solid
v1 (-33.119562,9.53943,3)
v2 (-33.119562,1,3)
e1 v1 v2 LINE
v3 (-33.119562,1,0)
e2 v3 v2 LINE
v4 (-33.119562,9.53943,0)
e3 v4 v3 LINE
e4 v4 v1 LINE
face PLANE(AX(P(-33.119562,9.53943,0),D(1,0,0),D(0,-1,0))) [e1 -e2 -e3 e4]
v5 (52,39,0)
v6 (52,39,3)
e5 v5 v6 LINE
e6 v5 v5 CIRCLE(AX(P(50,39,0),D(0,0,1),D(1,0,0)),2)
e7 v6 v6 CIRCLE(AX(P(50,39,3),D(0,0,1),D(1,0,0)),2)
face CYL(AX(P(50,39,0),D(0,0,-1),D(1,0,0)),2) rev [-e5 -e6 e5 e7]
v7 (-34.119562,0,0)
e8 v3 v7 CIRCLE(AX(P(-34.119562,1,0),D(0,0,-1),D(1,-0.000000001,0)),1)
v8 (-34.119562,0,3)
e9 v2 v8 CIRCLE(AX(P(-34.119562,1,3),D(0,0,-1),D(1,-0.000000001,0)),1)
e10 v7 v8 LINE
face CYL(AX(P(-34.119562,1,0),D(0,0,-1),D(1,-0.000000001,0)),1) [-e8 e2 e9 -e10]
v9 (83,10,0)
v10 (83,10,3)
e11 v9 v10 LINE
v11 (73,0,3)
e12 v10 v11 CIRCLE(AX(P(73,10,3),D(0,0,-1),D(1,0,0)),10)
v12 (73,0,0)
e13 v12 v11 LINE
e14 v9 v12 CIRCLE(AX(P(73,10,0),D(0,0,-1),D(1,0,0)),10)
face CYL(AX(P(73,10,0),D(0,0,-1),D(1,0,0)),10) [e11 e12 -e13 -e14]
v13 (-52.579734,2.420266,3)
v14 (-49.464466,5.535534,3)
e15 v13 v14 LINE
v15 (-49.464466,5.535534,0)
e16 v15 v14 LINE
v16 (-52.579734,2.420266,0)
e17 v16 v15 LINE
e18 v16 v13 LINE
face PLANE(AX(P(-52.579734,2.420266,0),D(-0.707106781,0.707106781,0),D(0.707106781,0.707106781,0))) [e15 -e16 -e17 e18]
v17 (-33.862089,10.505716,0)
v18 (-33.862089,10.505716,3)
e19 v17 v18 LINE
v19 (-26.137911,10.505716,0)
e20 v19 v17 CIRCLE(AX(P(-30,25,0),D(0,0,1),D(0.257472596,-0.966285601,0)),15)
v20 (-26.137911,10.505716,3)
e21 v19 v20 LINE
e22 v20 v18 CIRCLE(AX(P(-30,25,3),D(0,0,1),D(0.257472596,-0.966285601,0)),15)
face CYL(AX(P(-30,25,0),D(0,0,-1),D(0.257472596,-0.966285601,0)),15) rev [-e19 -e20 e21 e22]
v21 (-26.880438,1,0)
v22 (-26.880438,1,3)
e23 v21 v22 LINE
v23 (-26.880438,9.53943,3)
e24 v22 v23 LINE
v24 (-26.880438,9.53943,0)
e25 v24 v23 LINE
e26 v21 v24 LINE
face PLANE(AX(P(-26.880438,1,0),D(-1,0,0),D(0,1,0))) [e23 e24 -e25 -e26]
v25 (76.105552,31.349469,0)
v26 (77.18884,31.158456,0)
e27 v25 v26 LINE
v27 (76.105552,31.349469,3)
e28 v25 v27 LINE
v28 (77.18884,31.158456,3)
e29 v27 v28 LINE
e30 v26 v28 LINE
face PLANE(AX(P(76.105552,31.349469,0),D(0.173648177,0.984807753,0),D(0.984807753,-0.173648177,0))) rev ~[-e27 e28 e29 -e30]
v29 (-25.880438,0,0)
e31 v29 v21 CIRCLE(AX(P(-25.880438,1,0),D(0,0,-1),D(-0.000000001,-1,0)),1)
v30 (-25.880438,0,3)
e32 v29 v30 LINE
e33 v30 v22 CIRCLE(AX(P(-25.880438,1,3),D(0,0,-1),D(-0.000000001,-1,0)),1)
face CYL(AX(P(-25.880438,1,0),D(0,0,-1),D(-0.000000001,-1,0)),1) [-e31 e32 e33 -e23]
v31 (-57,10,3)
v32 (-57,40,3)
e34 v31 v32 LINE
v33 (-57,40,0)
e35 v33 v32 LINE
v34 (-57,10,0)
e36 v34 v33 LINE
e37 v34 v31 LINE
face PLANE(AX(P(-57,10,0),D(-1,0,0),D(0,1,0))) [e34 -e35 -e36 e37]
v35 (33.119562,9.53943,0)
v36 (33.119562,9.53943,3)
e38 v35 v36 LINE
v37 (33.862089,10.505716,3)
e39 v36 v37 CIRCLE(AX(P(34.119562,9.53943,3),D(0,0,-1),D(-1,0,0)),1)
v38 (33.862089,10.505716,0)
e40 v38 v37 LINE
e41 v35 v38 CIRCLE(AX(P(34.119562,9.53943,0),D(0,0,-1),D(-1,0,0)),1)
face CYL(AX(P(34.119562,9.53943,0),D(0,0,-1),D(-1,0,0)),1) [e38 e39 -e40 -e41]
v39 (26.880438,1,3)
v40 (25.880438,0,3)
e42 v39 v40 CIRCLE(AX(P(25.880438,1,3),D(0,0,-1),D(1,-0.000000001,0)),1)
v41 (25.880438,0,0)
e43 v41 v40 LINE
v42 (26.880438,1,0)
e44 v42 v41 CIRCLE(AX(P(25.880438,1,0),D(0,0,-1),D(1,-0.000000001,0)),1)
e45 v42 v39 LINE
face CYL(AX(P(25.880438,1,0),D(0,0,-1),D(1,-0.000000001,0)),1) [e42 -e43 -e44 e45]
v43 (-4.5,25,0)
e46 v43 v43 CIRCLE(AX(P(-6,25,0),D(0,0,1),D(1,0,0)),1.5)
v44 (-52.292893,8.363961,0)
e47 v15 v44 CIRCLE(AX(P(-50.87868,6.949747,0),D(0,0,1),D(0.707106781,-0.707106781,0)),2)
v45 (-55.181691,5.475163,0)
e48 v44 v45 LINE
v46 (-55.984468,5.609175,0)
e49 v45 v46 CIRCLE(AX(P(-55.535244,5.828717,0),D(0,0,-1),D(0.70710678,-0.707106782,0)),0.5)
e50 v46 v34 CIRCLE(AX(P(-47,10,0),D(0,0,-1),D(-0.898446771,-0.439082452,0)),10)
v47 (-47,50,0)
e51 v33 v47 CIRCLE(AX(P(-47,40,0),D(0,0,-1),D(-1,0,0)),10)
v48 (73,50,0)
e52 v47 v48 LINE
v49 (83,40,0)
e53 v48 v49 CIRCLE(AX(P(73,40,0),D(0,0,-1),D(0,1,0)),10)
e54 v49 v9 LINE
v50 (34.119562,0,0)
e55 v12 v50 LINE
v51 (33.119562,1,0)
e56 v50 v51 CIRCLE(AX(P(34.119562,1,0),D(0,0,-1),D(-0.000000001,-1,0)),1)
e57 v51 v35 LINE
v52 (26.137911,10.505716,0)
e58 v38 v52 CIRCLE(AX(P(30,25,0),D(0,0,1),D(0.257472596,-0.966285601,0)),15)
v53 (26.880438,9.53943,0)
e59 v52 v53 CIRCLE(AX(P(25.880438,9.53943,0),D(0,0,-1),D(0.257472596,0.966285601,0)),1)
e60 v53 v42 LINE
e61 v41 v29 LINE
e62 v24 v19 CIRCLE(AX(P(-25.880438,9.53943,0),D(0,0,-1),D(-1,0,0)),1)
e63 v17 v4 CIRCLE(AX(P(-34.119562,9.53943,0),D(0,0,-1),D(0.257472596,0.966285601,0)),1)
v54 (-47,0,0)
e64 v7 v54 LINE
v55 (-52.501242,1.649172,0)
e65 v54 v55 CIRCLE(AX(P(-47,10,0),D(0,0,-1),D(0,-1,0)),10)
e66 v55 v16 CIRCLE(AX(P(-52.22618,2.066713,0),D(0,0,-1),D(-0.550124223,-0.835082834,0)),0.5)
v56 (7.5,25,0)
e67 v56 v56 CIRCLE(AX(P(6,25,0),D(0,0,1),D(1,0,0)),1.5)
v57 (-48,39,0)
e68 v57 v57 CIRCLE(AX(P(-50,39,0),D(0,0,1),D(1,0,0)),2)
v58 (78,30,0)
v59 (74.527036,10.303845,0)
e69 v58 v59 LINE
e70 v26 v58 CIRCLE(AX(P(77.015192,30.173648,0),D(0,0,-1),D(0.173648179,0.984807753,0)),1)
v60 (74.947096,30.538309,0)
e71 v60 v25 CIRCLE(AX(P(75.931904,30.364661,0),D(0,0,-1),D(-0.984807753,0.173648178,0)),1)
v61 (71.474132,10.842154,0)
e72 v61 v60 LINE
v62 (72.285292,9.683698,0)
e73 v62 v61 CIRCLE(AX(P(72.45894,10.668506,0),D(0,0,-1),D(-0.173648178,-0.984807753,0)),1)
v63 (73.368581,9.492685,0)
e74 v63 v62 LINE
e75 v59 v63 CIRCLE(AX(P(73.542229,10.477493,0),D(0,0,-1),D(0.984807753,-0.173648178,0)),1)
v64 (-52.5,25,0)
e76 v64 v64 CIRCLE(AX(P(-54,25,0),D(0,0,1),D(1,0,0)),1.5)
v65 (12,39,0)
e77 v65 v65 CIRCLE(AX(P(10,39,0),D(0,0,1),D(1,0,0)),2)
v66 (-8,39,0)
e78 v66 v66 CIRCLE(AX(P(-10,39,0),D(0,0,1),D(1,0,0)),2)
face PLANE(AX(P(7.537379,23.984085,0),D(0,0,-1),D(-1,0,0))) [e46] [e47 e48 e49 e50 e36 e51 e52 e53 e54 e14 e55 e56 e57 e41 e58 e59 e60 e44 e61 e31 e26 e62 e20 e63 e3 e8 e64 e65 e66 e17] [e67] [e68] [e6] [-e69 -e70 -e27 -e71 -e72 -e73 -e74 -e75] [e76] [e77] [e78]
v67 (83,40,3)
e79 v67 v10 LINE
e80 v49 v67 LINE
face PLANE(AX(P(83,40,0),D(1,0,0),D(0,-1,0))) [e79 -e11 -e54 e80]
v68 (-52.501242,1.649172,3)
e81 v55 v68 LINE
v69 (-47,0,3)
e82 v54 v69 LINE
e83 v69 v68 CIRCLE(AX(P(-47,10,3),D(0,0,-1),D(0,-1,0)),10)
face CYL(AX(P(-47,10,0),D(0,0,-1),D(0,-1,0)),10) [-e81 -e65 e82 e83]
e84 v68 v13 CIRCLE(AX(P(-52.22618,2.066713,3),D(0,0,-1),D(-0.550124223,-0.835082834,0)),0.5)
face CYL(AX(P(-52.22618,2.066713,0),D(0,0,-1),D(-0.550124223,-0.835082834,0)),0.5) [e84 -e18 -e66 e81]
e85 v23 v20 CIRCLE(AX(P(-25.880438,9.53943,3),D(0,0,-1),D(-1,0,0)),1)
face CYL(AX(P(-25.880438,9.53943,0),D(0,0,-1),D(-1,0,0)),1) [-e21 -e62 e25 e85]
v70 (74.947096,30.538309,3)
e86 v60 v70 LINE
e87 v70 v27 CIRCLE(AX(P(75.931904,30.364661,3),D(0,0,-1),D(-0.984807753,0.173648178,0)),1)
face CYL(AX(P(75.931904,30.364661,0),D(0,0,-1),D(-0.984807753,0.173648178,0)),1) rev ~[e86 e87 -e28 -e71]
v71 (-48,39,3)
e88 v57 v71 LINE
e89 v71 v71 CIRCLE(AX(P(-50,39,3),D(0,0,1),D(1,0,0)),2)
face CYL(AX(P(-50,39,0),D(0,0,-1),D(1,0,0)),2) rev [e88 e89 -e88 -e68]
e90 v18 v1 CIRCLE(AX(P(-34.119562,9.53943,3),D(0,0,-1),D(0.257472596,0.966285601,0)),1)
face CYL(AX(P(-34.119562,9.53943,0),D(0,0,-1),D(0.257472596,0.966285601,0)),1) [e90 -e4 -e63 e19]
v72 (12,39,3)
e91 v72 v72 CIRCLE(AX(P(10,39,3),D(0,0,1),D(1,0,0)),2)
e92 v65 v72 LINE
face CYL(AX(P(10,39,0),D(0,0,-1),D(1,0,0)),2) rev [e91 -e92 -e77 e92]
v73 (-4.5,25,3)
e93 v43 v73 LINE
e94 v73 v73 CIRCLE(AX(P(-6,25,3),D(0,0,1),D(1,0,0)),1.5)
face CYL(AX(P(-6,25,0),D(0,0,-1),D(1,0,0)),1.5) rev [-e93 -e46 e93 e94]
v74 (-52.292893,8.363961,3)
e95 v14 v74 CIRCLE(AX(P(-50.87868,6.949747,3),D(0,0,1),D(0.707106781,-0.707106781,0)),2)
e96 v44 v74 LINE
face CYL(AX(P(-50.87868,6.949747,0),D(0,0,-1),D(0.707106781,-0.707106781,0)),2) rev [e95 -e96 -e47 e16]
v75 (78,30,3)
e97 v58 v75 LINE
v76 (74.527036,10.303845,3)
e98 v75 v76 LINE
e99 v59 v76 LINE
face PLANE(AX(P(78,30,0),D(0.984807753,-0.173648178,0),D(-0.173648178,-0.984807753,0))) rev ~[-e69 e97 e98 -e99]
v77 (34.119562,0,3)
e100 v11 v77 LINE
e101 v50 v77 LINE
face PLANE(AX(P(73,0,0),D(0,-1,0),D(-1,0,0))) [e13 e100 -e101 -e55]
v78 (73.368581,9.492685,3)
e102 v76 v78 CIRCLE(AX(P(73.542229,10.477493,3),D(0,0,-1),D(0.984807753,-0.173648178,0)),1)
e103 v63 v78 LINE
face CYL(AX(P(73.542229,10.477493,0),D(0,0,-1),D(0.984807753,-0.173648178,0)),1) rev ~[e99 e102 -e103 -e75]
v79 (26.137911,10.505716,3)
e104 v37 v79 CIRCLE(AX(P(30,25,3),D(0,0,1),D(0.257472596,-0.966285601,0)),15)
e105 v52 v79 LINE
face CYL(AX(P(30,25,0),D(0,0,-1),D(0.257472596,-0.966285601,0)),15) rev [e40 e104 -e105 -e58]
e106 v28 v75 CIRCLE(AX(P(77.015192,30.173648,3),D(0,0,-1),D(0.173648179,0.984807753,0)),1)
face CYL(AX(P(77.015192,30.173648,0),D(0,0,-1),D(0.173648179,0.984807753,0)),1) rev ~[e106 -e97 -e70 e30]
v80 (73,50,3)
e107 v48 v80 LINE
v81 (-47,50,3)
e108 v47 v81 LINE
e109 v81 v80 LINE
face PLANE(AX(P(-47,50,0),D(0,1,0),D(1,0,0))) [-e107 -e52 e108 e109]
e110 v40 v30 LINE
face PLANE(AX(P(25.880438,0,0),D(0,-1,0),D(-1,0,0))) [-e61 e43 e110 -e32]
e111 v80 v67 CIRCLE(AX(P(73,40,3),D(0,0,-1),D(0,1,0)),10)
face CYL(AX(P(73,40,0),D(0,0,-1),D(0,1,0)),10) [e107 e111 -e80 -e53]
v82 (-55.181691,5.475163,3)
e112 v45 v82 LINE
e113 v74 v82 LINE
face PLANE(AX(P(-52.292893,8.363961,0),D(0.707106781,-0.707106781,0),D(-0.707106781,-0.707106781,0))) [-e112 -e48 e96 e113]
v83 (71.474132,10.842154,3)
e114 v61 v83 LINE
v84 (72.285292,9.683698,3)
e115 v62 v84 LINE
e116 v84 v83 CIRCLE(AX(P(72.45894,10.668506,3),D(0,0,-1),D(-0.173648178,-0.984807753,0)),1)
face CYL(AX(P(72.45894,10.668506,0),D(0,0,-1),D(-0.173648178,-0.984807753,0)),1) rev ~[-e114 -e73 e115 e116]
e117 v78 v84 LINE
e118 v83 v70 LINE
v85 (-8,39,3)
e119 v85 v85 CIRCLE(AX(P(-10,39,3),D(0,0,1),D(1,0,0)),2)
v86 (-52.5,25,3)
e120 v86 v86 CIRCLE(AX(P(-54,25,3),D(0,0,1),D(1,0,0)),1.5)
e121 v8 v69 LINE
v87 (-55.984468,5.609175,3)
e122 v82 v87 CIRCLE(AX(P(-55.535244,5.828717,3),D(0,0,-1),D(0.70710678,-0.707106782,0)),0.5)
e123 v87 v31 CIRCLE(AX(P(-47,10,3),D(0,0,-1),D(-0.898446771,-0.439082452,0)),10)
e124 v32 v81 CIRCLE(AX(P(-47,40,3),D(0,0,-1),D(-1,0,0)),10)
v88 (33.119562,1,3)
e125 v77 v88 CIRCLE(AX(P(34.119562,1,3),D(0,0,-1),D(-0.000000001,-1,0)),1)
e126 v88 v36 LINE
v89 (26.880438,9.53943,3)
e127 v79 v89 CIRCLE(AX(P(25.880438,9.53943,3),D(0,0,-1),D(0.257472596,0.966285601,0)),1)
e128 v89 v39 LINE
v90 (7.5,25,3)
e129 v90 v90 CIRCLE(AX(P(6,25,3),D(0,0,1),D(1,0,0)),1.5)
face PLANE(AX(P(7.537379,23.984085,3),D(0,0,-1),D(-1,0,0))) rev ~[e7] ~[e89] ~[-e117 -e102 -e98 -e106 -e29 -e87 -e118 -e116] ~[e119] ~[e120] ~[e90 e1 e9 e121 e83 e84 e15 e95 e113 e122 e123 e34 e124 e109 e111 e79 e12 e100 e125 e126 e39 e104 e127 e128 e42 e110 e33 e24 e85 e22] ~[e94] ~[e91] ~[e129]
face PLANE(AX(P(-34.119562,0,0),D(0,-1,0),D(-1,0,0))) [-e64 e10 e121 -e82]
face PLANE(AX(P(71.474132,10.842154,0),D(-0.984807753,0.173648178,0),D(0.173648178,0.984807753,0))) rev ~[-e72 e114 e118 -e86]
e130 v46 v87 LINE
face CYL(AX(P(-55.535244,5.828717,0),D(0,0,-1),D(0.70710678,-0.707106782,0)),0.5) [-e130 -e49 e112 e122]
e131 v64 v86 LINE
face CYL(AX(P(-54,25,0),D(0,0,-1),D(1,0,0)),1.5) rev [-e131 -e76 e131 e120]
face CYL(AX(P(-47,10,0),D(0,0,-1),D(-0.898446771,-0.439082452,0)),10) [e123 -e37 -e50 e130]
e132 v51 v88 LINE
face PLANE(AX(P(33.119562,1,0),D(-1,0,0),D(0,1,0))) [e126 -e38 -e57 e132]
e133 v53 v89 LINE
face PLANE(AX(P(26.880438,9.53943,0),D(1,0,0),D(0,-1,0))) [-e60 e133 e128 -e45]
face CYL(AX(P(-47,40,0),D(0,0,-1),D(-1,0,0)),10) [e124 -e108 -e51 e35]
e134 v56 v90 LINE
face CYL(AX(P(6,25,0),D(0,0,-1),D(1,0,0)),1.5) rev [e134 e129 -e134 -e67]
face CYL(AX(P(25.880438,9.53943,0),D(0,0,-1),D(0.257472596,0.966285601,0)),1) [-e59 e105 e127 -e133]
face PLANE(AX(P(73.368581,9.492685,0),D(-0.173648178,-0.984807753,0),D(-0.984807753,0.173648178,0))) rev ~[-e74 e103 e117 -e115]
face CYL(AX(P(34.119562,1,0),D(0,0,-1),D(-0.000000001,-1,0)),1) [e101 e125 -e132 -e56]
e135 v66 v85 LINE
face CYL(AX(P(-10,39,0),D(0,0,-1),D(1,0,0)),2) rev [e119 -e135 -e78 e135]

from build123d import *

# Parameters (mm, degrees)
ESQUISSE1_R        = 1.5
ESQUISSE1_R_2      = 2
BOSS_EXTRU_1_DEPTH = 3


with BuildPart() as part:
    # Esquisse1 → Boss.-Extru.1 (new body)
    with BuildSketch(Plane.XY):
        with BuildLine():
            Line((-47, 50), (73, 50))
            ThreePointArc((73, 50), (80.071067812, 47.071067812), (83, 40))
            Line((83, 40), (83, 10))
            ThreePointArc((83, 10), (80.071067812, 2.928932188), (73, 0))
            Line((73, 0), (47, 0))
            Line((47, 0), (34.119561541, 0))
            ThreePointArc((34.119561541, 0), (33.41245476, 0.292893219), (33.119561541, 1))
            Line((33.119561541, 1), (33.119561541, 9.539430389))
            ThreePointArc((33.119561541, 9.539430389), (33.326632605, 10.148744513), (33.862088945, 10.505715989))
            ThreePointArc((33.862088945, 10.505715989), (30, 40), (26.137911055, 10.505715989))
            ThreePointArc((26.137911055, 10.505715989), (26.673367395, 10.148744513), (26.880438459, 9.539430389))
            Line((26.880438459, 9.539430389), (26.880438459, 1))
            ThreePointArc((26.880438459, 1), (26.58754524, 0.292893219), (25.880438459, 0))
            Line((25.880438459, 0), (-25.880438459, 0))
            ThreePointArc((-25.880438459, 0), (-26.58754524, 0.292893219), (-26.880438459, 1))
            Line((-26.880438459, 1), (-26.880438459, 9.539430389))
            ThreePointArc((-26.880438459, 9.539430389), (-26.673367395, 10.148744513), (-26.137911055, 10.505715989))
            ThreePointArc((-26.137911055, 10.505715989), (-30, 40), (-33.862088945, 10.505715989))
            ThreePointArc((-33.862088945, 10.505715989), (-33.326632605, 10.148744513), (-33.119561541, 9.539430389))
            Line((-33.119561541, 9.539430389), (-33.119561541, 1))
            ThreePointArc((-33.119561541, 1), (-33.41245476, 0.292893219), (-34.119561541, 0))
            Line((-34.119561541, 0), (-47, 0))
            ThreePointArc((-47, 0), (-49.871560265, 0.42116178), (-52.501242243, 1.649171671))
            ThreePointArc((-52.501242243, 1.649171671), (-52.723609687, 2.016078741), (-52.579733522, 2.420266478))
            Line((-52.579733522, 2.420266478), (-49.464466094, 5.535533906))
            ThreePointArc((-49.464466094, 5.535533906), (-49.464466094, 8.363961031), (-52.292893219, 8.363961031))
            Line((-52.292893219, 8.363961031), (-55.181690934, 5.475163315))
            ThreePointArc((-55.181690934, 5.475163315), (-55.617572947, 5.335541283), (-55.98446771, 5.60917548))
            ThreePointArc((-55.98446771, 5.60917548), (-56.742809582, 7.746633308), (-57, 10))
            Line((-57, 10), (-57, 40))
            ThreePointArc((-57, 40), (-54.071067812, 47.071067812), (-47, 50))
        make_face()
        with Locations((-6, 25)):
            Circle(ESQUISSE1_R, mode=Mode.SUBTRACT)
        with Locations((-54, 25)):
            Circle(ESQUISSE1_R, mode=Mode.SUBTRACT)
        with Locations((6, 25)):
            Circle(ESQUISSE1_R, mode=Mode.SUBTRACT)
        with Locations((50, 39)):
            Circle(ESQUISSE1_R_2, mode=Mode.SUBTRACT)
        with Locations((10, 39)):
            Circle(ESQUISSE1_R_2, mode=Mode.SUBTRACT)
        with Locations((-10, 39)):
            Circle(ESQUISSE1_R_2, mode=Mode.SUBTRACT)
        with Locations((-50, 39)):
            Circle(ESQUISSE1_R_2, mode=Mode.SUBTRACT)
        with BuildLine():
            Line((76.105551896, 31.349468926), (77.188840425, 31.158455931))
            ThreePointArc((77.188840425, 31.158455931), (77.834344291, 30.747224614), (78, 30))
            Line((78, 30), (74.527036447, 10.30384494))
            ThreePointArc((74.527036447, 10.30384494), (74.11580513, 9.658341073), (73.368580516, 9.492685364))
            Line((73.368580516, 9.492685364), (72.285291988, 9.68369836))
            ThreePointArc((72.285291988, 9.68369836), (71.639788121, 10.094929677), (71.474132412, 10.842154291))
            Line((71.474132412, 10.842154291), (74.947095966, 30.538309351))
            ThreePointArc((74.947095966, 30.538309351), (75.358327282, 31.183813217), (76.105551896, 31.349468926))
        make_face(mode=Mode.SUBTRACT)
    extrude(amount=BOSS_EXTRU_1_DEPTH)


solid = part.part
